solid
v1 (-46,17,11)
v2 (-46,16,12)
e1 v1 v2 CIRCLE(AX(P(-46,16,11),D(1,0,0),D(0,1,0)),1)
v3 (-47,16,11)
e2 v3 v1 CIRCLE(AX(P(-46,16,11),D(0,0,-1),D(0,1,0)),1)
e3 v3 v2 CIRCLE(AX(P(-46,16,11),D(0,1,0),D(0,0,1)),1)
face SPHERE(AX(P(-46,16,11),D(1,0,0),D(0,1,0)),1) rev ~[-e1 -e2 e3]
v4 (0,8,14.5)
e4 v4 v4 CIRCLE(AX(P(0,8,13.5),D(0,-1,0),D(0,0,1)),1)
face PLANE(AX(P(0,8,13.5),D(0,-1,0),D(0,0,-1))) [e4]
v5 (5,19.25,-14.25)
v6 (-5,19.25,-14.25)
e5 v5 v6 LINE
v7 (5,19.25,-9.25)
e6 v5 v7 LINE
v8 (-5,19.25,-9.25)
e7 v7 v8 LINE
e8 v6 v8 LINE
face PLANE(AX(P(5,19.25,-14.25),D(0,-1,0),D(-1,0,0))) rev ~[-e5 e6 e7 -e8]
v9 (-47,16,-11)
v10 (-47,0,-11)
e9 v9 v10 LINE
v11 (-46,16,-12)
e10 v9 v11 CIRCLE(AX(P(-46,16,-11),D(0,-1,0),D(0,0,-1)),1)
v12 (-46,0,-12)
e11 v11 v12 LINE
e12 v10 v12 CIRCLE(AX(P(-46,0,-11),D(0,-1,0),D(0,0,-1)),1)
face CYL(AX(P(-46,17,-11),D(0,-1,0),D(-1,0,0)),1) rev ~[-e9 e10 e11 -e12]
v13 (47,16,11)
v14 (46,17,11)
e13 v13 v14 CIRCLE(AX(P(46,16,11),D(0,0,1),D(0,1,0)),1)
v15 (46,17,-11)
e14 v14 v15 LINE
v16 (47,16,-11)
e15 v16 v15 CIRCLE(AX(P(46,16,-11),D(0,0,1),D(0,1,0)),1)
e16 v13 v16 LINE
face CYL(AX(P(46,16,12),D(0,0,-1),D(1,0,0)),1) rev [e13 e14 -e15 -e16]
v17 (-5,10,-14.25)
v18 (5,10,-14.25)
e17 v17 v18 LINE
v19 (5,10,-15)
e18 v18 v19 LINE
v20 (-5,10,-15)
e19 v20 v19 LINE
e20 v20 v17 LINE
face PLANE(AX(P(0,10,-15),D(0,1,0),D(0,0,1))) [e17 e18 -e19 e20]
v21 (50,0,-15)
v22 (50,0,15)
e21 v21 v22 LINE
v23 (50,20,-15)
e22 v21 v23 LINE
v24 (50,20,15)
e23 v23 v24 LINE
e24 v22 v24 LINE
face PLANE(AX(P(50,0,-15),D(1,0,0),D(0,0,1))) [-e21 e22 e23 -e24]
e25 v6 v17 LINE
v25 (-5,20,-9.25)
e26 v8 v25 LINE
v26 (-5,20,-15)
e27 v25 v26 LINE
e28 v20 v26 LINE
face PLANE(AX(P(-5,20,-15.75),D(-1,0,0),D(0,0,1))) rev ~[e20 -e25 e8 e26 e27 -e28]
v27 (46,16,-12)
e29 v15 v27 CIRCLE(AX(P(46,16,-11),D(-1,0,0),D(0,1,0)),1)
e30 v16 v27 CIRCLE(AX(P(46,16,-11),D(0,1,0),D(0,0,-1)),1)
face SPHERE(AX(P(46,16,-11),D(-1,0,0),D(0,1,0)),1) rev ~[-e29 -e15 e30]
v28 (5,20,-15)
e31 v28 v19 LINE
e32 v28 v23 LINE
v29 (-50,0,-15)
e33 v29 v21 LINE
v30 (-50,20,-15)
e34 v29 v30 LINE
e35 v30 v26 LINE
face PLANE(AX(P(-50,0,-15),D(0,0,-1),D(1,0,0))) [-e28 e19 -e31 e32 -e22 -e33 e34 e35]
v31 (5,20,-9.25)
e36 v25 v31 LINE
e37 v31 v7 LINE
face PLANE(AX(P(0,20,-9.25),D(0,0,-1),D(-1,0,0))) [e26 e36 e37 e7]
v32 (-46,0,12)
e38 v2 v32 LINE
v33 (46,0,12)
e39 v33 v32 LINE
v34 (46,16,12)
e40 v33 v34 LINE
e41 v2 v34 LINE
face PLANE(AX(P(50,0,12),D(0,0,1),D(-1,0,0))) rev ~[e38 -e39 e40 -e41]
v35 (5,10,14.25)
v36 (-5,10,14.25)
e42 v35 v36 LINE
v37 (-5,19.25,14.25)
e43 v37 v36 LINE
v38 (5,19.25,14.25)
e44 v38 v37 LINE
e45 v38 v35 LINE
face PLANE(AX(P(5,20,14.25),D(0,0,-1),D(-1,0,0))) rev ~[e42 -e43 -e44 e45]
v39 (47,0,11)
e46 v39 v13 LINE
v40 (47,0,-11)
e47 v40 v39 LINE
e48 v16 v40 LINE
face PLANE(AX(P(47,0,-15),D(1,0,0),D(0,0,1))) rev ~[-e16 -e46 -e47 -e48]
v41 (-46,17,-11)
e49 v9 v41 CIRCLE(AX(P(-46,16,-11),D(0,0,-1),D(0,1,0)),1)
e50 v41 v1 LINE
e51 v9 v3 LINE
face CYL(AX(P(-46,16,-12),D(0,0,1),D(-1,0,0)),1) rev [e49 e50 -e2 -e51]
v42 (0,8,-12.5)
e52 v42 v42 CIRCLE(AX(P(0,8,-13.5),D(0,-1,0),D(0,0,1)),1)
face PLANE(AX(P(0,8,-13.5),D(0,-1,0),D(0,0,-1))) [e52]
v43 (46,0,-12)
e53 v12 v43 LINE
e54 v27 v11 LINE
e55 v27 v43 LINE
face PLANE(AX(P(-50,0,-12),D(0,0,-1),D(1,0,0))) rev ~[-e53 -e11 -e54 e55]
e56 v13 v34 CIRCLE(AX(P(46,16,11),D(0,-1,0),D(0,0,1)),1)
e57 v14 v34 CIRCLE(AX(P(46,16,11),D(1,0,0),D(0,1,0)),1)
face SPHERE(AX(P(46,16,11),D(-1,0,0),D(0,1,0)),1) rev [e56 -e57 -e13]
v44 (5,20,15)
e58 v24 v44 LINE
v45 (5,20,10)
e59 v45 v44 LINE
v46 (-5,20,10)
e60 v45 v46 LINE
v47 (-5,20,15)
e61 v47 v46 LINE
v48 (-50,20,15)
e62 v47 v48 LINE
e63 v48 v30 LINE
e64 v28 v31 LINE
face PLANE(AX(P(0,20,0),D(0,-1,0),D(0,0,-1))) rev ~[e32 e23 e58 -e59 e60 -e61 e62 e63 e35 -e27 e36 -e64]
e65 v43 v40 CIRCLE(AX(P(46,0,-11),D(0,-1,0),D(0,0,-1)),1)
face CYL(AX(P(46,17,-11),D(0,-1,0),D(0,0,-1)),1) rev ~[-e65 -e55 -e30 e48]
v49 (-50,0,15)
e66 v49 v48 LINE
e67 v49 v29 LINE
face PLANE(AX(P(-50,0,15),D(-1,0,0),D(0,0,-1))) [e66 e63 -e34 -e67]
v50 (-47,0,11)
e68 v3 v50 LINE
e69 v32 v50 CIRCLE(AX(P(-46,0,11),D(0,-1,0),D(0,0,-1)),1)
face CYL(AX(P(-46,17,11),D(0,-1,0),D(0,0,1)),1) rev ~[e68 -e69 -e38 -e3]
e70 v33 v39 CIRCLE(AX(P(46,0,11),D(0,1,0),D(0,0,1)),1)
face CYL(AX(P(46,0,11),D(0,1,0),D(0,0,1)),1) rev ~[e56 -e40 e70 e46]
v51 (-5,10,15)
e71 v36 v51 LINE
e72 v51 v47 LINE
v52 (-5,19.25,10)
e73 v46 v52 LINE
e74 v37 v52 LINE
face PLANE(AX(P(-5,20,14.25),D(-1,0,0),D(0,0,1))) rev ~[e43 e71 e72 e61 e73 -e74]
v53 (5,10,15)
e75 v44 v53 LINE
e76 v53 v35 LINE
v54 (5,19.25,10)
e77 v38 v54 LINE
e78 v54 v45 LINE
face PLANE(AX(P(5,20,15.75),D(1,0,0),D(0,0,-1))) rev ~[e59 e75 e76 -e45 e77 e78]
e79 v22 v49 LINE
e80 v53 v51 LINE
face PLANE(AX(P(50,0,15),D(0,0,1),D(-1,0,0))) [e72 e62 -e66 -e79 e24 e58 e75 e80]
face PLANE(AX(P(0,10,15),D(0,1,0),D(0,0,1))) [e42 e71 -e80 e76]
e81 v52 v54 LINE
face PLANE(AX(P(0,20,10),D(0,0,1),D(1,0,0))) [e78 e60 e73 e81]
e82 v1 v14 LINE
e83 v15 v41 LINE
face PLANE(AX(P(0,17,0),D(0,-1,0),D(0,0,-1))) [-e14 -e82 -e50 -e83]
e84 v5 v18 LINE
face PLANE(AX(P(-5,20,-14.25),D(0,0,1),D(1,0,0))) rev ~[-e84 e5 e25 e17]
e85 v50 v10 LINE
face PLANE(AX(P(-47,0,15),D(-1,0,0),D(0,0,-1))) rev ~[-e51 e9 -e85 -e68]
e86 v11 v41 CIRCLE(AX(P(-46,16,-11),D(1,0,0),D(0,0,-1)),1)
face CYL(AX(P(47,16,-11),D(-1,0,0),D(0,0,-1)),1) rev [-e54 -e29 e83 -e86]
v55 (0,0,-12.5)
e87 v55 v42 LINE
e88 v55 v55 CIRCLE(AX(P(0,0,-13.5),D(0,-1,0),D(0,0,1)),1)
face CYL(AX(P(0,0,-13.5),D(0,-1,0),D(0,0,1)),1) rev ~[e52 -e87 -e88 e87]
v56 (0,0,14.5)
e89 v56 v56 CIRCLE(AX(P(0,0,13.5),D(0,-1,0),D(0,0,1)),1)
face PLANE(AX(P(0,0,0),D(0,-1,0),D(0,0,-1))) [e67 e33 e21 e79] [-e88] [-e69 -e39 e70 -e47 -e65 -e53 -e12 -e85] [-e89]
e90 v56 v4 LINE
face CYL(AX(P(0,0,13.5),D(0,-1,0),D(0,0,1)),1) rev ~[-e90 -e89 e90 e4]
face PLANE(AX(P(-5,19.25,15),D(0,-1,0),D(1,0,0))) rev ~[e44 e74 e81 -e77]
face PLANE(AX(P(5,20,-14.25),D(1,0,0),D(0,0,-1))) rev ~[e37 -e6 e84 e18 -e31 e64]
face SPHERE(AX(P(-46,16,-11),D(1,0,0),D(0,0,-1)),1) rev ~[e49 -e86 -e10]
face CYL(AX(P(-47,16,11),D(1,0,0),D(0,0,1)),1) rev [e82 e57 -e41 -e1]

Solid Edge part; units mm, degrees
sketch "Sketch1" plane through (0, 0, 0) normal (0, -1, 0) x (1, 0, 0)
  line L0 (50, 15) -> (-50, 15)
  line L1 (-50, 15) -> (-50, -15)
  line L2 (-50, -15) -> (50, -15)
  line L3 (50, -15) -> (50, 15)
extrude "Protrusion1" add sketch "Sketch1" against normal blind 20
shell "Thinwall_2" thickness 3 removed faces 1 at (-32.3333, 0, 10.3)
fillet "Round_4" radius 1 8 edges at (0, 17, 12) (0, 17, -12) (-47, 8.5, -12) (-47, 17, 0) (47, 17, 0) (47, 8.5, 12) (47, 8.5, -12) (-47, 8.5, 12)
sketch "Sketch2" plane through (0, 20, 0) normal (0, 1, 0) x (1, 0, 0)
  line L0 (-5, -15.75) -> (5, -15.75)
  line L1 (5, -15.75) -> (5, -14.25)
  line L2 (5, -14.25) -> (-5, -14.25)
  line L3 (-5, -14.25) -> (-5, -15.75)
  line L4 (-5, 14.25) -> (5, 14.25)
  line L5 (5, 14.25) -> (5, 15.75)
  line L6 (5, 15.75) -> (-5, 15.75)
  line L7 (-5, 15.75) -> (-5, 14.25)
extrude "ExtrudedCutout_3" cut sketch "Sketch2" against normal blind 10
sketch "Sketch3" plane through (0, 10, 15) normal (0, 0, 1) x (1, 0, 0)
  line L0 (-5, 9.25) -> (5, 9.25)
  line L1 (5, 9.25) -> (5, 10.75)
  line L2 (5, 10.75) -> (-5, 10.75)
  line L3 (-5, 10.75) -> (-5, 9.25)
extrude "ExtrudedCutout_4" cut sketch "Sketch3" against normal blind 5
sketch "Sketch4" plane through (0, 15, -14.25) normal (0, 0, -1) x (1, 0, 0)
  line L0 (-5, -5.75) -> (5, -5.75)
  line L1 (5, -5.75) -> (5, -4.25)
  line L2 (5, -4.25) -> (-5, -4.25)
  line L3 (-5, -4.25) -> (-5, -5.75)
extrude "ExtrudedCutout_5" cut sketch "Sketch4" against normal blind 5
sketch "Sketch5" plane through (0, 0, 0) normal (0, -1, 0) x (0, 0, 1)
  circle A0 centre (13.5, 0) radius 1
  circle A1 centre (-13.5, 0) radius 1
extrude "ExtrudedCutout_6" cut sketch "Sketch5" against normal blind 8
